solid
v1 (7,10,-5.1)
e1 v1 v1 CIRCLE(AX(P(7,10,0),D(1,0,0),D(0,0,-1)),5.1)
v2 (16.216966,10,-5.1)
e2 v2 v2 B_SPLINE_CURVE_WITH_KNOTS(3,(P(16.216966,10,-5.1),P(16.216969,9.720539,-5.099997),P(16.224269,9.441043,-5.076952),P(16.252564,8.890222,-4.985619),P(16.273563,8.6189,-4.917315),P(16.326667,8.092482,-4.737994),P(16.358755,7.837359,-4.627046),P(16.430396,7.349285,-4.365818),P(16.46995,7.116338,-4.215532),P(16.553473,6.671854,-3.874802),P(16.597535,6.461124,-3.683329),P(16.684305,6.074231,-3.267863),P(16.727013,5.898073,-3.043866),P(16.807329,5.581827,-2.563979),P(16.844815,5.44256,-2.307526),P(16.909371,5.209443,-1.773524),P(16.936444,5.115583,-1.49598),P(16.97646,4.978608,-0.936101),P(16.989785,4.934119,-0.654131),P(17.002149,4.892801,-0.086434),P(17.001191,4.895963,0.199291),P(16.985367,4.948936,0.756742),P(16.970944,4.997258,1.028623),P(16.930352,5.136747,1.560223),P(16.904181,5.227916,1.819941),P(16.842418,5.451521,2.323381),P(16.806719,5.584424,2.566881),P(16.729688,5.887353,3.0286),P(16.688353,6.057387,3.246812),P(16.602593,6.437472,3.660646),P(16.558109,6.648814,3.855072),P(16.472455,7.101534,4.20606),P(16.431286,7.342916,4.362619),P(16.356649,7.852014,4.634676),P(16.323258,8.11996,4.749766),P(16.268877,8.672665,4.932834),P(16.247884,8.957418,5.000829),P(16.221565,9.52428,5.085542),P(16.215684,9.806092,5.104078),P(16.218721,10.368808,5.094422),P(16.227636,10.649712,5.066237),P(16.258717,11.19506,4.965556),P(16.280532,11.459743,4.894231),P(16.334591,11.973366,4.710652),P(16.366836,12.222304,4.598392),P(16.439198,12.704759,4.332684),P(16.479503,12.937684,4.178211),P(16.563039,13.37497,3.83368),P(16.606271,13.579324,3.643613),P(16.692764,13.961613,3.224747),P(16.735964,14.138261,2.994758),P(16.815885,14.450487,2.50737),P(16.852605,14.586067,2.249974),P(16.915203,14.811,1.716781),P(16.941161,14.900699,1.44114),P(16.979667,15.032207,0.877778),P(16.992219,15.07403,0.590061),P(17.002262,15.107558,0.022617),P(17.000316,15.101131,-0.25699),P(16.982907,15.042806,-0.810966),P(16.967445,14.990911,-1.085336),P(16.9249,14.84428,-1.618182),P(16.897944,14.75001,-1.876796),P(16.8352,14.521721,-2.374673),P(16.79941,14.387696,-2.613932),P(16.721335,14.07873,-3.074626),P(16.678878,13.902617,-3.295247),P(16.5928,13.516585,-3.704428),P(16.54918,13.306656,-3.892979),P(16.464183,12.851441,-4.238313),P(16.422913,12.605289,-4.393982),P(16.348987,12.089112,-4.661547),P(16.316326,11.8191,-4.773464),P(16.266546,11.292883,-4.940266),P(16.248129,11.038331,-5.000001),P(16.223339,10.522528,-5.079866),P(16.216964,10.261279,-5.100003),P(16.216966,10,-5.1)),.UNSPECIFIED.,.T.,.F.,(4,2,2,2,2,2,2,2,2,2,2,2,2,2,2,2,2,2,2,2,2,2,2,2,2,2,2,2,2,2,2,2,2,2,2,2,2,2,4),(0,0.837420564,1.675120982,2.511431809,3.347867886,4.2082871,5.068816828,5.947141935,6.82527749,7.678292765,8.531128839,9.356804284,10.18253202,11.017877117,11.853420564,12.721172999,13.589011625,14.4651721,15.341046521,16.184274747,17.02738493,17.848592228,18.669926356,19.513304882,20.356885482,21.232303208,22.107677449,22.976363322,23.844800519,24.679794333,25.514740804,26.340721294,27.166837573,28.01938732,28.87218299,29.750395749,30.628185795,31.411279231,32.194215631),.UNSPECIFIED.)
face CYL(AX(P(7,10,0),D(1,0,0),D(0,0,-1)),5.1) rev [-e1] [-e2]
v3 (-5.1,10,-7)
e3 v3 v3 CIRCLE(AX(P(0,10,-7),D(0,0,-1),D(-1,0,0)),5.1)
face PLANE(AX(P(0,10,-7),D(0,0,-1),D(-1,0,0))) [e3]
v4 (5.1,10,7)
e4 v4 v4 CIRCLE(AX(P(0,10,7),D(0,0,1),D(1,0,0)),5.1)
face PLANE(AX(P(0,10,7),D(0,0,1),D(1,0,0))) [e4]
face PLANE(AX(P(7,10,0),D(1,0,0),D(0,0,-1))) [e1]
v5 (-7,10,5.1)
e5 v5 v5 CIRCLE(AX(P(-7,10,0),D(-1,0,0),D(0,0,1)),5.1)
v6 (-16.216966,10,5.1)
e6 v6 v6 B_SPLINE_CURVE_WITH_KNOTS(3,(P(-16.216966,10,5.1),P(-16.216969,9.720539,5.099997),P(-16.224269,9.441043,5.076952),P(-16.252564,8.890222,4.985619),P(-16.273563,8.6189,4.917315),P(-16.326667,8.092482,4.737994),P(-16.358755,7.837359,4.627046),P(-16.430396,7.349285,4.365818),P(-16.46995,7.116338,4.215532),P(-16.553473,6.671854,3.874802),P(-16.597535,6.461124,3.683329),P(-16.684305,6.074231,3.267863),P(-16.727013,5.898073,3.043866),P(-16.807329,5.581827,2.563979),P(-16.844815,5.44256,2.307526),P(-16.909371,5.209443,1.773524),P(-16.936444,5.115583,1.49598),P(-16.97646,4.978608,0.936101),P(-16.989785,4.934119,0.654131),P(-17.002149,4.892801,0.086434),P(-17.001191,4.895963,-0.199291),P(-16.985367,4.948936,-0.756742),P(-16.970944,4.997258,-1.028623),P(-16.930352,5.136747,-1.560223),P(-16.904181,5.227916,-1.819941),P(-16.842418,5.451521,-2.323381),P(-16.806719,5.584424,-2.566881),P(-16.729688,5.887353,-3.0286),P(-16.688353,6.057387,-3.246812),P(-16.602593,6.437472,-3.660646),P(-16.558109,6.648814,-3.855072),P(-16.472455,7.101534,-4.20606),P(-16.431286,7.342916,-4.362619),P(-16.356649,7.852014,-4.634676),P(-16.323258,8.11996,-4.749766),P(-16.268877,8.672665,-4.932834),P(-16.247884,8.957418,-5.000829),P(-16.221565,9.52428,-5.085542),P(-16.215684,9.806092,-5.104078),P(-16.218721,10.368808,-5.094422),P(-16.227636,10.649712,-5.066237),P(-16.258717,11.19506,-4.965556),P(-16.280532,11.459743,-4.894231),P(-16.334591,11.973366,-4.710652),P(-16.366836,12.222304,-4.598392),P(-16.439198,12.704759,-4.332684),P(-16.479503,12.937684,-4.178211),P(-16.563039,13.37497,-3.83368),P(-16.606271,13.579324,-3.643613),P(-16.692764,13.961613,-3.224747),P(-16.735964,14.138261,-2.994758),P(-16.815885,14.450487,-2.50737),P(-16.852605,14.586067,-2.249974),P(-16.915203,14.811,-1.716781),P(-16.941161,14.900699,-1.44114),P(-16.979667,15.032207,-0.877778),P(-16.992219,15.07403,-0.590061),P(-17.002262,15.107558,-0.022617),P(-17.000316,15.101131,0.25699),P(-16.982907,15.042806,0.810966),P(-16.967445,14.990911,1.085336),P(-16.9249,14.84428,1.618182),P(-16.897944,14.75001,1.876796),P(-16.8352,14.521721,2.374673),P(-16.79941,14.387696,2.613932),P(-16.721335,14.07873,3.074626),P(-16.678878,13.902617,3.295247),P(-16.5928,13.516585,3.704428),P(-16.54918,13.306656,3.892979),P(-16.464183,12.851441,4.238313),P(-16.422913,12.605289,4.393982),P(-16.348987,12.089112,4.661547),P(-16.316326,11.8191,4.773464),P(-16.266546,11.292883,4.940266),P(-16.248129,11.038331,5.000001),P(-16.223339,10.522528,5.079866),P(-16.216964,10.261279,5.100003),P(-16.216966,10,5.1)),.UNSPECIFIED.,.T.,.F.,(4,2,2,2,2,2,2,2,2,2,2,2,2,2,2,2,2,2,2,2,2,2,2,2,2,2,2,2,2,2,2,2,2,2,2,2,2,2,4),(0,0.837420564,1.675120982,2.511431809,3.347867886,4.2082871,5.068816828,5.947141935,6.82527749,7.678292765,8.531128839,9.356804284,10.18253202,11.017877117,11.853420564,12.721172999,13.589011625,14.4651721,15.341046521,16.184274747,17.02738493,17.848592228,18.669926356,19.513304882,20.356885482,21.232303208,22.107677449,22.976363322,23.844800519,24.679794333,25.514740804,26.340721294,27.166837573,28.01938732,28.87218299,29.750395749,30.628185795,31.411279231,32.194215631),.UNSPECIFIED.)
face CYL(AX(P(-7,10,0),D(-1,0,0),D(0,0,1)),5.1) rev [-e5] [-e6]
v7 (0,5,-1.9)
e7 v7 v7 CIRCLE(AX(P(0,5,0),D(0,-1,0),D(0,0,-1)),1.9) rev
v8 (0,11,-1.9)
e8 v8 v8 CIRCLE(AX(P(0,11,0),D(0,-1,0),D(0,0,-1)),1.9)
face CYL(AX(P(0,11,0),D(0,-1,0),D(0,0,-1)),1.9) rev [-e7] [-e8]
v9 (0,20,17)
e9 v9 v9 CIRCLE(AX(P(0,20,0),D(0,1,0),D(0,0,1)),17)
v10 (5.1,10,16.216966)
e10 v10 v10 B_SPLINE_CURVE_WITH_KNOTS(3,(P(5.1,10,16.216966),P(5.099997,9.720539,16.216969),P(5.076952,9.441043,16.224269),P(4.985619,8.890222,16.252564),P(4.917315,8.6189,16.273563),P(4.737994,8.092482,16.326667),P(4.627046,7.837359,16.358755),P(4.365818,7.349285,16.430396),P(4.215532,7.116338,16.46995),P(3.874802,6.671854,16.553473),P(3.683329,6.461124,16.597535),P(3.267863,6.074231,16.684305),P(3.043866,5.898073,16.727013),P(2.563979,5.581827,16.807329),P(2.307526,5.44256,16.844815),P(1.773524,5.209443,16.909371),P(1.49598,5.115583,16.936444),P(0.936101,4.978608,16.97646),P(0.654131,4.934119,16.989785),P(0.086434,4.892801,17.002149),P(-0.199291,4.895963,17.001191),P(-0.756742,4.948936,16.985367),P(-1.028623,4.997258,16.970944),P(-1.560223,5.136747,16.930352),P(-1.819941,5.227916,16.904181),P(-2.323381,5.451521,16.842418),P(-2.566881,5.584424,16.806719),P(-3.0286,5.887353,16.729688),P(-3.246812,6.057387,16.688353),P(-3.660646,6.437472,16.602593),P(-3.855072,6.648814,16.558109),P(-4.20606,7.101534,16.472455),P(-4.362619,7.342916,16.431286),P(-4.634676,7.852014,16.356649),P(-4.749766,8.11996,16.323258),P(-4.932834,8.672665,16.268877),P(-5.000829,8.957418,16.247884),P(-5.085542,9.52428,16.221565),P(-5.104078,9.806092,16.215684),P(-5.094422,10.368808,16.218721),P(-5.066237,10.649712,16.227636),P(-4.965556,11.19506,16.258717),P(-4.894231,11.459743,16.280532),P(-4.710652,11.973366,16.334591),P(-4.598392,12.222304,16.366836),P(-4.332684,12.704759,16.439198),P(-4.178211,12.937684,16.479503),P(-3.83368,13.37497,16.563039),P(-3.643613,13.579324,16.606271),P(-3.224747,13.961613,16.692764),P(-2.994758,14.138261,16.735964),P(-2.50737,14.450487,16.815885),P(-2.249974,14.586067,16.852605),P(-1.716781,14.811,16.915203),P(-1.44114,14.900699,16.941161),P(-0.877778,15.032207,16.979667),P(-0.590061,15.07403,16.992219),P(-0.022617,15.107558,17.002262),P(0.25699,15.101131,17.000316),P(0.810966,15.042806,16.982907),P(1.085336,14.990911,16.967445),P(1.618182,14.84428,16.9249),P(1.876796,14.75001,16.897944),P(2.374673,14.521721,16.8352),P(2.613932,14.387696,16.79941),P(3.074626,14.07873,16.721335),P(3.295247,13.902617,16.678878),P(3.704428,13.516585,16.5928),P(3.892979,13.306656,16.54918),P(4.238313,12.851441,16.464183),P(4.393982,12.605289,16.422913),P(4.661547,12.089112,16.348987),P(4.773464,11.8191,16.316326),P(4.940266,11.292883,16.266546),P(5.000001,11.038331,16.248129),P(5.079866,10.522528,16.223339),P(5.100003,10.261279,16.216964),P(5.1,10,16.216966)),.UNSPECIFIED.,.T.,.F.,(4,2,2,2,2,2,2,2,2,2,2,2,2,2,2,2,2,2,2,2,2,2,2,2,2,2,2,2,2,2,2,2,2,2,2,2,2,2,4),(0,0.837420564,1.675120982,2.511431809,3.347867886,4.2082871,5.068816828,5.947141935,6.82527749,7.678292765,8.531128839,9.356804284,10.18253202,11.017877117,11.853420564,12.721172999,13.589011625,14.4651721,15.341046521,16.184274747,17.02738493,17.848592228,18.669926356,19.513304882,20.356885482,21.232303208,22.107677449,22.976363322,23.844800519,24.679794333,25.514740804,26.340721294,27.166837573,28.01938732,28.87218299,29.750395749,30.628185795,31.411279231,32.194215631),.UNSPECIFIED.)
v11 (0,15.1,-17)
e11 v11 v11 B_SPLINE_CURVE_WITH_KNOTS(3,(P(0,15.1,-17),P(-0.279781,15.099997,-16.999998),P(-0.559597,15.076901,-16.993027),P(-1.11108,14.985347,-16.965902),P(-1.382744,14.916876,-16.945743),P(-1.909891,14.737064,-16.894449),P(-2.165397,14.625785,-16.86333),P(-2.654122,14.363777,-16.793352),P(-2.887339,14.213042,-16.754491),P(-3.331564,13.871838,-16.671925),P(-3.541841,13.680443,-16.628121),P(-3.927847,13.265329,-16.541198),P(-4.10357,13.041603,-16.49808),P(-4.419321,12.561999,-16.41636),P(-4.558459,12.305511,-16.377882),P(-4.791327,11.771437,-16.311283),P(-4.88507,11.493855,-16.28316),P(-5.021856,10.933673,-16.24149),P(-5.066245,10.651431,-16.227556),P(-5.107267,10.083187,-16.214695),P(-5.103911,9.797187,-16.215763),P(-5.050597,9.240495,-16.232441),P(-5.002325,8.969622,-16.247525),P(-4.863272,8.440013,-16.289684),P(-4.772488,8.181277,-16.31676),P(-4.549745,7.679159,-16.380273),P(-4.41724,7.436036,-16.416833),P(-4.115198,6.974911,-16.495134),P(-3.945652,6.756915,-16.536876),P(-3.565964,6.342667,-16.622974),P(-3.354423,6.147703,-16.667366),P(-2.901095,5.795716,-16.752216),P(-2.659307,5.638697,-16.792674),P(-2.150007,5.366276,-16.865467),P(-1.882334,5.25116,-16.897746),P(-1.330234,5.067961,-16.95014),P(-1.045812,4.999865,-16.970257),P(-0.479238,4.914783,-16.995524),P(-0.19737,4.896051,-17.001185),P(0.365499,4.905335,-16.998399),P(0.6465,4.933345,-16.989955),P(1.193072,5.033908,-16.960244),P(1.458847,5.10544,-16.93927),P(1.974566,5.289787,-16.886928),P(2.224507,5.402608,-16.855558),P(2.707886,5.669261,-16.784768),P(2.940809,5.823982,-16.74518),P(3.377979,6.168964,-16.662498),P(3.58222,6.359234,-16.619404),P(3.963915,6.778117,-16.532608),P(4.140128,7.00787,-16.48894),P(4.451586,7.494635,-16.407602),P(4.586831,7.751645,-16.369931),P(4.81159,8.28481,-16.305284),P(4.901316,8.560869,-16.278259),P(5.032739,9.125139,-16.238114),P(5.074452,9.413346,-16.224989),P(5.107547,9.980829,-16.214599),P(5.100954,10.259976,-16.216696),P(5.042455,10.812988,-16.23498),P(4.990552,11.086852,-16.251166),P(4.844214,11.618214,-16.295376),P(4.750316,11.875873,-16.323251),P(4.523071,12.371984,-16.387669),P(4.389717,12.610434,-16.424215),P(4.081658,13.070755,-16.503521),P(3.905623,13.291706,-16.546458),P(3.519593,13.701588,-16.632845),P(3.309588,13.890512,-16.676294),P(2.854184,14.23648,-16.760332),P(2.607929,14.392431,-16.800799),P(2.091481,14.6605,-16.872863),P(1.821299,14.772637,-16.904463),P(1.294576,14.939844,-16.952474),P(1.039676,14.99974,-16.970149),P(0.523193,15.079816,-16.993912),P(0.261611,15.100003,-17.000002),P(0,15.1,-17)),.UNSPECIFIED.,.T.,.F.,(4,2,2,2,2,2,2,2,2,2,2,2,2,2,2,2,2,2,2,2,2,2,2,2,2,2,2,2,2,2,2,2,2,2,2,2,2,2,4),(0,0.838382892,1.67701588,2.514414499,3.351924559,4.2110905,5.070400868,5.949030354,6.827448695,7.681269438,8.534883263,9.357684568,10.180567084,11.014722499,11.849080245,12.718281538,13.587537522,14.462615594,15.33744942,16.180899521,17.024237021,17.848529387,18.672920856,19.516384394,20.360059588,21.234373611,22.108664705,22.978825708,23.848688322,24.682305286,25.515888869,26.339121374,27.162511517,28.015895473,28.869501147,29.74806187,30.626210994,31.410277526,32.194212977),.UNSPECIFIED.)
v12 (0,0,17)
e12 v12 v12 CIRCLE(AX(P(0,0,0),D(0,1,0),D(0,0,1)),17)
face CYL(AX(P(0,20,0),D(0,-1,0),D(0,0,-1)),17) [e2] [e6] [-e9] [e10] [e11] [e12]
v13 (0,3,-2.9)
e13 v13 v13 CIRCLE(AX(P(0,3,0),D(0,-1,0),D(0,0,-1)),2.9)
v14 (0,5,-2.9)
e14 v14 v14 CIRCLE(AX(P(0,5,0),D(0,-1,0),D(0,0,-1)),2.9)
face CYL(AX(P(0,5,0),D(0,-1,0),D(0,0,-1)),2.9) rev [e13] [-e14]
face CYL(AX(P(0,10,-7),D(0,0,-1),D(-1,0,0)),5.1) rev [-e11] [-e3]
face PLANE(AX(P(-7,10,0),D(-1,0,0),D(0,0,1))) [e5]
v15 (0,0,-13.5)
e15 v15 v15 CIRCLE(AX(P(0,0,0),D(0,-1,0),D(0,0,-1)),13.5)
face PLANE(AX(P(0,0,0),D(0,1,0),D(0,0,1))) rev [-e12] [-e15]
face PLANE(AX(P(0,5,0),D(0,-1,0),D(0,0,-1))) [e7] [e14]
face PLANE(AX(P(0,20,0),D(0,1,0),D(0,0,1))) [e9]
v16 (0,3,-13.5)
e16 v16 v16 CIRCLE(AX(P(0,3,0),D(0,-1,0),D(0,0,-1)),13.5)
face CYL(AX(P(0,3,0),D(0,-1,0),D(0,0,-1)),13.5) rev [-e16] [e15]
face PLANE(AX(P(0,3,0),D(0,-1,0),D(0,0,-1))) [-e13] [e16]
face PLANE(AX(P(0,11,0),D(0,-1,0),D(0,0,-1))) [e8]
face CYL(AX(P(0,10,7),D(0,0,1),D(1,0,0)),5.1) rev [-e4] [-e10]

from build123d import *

# Parameters (mm, degrees)
CIRKEL_R                   = 17
CILINDER_DEPTH             = 20
CIRKEL_GAT_R               = 5.1
OPENING_DEPTH              = 10
GATEN_PATROON_COUNT        = 4
CIRKEL1_R                  = 13.5
OPENING_OPZET_DEPTH        = 3
CIRKEL2_R                  = 1.9
GAT_VERLOOPSTUK_DEPTH      = 8
CIRKEL3_R                  = 2.9
GAT_VERLOOPSTUK_RAND_DEPTH = 2


with BuildPart() as part:
    # cirkel → cilinder (new body)
    with BuildSketch(Plane(origin=(0, 0, 0), x_dir=(1, 0, 0), z_dir=(0, 1, 0))):
        with Locations(Location((0, 0, 0), (0, 0, 270))):
            Circle(CIRKEL_R)
    extrude(amount=CILINDER_DEPTH)

    # cirkel_gat → opening (cut)
    with BuildSketch(Plane.XY.offset(17)):
        with Locations((0, 10)):
            Circle(CIRKEL_GAT_R)
    opening = extrude(amount=-OPENING_DEPTH, mode=Mode.SUBTRACT)

    # gaten_patroon: opening ×4 about axis
    gaten_patroon_axis = Axis((0, 0, 0), (0, 1, 0))
    for i in range(1, GATEN_PATROON_COUNT):
        add(opening.rotate(gaten_patroon_axis, i * 360 / GATEN_PATROON_COUNT), mode=Mode.SUBTRACT)

    # cirkel1 → opening_opzet (cut)
    with BuildSketch(Plane(origin=(0, 0, 0), x_dir=(-1, 0, 0), z_dir=(0, -1, 0))):
        with Locations(Location((0, 0, 0), (0, 0, 90))):
            Circle(CIRKEL1_R)
    extrude(amount=-OPENING_OPZET_DEPTH, mode=Mode.SUBTRACT)

    # cirkel2 → gat_verloopstuk (cut)
    with BuildSketch(Plane(origin=(0, 3, 0), x_dir=(-1, 0, 0), z_dir=(0, -1, 0))):
        with Locations(Location((0, 0, 0), (0, 0, 90))):
            Circle(CIRKEL2_R)
    extrude(amount=-GAT_VERLOOPSTUK_DEPTH, mode=Mode.SUBTRACT)

    # cirkel3 → gat_verloopstuk_rand (cut)
    with BuildSketch(Plane.XZ.offset(-3)):
        with Locations(Location((0, 0, 0), (0, 0, 270))):
            Circle(CIRKEL3_R)
    extrude(amount=-GAT_VERLOOPSTUK_RAND_DEPTH, mode=Mode.SUBTRACT)


solid = part.part
